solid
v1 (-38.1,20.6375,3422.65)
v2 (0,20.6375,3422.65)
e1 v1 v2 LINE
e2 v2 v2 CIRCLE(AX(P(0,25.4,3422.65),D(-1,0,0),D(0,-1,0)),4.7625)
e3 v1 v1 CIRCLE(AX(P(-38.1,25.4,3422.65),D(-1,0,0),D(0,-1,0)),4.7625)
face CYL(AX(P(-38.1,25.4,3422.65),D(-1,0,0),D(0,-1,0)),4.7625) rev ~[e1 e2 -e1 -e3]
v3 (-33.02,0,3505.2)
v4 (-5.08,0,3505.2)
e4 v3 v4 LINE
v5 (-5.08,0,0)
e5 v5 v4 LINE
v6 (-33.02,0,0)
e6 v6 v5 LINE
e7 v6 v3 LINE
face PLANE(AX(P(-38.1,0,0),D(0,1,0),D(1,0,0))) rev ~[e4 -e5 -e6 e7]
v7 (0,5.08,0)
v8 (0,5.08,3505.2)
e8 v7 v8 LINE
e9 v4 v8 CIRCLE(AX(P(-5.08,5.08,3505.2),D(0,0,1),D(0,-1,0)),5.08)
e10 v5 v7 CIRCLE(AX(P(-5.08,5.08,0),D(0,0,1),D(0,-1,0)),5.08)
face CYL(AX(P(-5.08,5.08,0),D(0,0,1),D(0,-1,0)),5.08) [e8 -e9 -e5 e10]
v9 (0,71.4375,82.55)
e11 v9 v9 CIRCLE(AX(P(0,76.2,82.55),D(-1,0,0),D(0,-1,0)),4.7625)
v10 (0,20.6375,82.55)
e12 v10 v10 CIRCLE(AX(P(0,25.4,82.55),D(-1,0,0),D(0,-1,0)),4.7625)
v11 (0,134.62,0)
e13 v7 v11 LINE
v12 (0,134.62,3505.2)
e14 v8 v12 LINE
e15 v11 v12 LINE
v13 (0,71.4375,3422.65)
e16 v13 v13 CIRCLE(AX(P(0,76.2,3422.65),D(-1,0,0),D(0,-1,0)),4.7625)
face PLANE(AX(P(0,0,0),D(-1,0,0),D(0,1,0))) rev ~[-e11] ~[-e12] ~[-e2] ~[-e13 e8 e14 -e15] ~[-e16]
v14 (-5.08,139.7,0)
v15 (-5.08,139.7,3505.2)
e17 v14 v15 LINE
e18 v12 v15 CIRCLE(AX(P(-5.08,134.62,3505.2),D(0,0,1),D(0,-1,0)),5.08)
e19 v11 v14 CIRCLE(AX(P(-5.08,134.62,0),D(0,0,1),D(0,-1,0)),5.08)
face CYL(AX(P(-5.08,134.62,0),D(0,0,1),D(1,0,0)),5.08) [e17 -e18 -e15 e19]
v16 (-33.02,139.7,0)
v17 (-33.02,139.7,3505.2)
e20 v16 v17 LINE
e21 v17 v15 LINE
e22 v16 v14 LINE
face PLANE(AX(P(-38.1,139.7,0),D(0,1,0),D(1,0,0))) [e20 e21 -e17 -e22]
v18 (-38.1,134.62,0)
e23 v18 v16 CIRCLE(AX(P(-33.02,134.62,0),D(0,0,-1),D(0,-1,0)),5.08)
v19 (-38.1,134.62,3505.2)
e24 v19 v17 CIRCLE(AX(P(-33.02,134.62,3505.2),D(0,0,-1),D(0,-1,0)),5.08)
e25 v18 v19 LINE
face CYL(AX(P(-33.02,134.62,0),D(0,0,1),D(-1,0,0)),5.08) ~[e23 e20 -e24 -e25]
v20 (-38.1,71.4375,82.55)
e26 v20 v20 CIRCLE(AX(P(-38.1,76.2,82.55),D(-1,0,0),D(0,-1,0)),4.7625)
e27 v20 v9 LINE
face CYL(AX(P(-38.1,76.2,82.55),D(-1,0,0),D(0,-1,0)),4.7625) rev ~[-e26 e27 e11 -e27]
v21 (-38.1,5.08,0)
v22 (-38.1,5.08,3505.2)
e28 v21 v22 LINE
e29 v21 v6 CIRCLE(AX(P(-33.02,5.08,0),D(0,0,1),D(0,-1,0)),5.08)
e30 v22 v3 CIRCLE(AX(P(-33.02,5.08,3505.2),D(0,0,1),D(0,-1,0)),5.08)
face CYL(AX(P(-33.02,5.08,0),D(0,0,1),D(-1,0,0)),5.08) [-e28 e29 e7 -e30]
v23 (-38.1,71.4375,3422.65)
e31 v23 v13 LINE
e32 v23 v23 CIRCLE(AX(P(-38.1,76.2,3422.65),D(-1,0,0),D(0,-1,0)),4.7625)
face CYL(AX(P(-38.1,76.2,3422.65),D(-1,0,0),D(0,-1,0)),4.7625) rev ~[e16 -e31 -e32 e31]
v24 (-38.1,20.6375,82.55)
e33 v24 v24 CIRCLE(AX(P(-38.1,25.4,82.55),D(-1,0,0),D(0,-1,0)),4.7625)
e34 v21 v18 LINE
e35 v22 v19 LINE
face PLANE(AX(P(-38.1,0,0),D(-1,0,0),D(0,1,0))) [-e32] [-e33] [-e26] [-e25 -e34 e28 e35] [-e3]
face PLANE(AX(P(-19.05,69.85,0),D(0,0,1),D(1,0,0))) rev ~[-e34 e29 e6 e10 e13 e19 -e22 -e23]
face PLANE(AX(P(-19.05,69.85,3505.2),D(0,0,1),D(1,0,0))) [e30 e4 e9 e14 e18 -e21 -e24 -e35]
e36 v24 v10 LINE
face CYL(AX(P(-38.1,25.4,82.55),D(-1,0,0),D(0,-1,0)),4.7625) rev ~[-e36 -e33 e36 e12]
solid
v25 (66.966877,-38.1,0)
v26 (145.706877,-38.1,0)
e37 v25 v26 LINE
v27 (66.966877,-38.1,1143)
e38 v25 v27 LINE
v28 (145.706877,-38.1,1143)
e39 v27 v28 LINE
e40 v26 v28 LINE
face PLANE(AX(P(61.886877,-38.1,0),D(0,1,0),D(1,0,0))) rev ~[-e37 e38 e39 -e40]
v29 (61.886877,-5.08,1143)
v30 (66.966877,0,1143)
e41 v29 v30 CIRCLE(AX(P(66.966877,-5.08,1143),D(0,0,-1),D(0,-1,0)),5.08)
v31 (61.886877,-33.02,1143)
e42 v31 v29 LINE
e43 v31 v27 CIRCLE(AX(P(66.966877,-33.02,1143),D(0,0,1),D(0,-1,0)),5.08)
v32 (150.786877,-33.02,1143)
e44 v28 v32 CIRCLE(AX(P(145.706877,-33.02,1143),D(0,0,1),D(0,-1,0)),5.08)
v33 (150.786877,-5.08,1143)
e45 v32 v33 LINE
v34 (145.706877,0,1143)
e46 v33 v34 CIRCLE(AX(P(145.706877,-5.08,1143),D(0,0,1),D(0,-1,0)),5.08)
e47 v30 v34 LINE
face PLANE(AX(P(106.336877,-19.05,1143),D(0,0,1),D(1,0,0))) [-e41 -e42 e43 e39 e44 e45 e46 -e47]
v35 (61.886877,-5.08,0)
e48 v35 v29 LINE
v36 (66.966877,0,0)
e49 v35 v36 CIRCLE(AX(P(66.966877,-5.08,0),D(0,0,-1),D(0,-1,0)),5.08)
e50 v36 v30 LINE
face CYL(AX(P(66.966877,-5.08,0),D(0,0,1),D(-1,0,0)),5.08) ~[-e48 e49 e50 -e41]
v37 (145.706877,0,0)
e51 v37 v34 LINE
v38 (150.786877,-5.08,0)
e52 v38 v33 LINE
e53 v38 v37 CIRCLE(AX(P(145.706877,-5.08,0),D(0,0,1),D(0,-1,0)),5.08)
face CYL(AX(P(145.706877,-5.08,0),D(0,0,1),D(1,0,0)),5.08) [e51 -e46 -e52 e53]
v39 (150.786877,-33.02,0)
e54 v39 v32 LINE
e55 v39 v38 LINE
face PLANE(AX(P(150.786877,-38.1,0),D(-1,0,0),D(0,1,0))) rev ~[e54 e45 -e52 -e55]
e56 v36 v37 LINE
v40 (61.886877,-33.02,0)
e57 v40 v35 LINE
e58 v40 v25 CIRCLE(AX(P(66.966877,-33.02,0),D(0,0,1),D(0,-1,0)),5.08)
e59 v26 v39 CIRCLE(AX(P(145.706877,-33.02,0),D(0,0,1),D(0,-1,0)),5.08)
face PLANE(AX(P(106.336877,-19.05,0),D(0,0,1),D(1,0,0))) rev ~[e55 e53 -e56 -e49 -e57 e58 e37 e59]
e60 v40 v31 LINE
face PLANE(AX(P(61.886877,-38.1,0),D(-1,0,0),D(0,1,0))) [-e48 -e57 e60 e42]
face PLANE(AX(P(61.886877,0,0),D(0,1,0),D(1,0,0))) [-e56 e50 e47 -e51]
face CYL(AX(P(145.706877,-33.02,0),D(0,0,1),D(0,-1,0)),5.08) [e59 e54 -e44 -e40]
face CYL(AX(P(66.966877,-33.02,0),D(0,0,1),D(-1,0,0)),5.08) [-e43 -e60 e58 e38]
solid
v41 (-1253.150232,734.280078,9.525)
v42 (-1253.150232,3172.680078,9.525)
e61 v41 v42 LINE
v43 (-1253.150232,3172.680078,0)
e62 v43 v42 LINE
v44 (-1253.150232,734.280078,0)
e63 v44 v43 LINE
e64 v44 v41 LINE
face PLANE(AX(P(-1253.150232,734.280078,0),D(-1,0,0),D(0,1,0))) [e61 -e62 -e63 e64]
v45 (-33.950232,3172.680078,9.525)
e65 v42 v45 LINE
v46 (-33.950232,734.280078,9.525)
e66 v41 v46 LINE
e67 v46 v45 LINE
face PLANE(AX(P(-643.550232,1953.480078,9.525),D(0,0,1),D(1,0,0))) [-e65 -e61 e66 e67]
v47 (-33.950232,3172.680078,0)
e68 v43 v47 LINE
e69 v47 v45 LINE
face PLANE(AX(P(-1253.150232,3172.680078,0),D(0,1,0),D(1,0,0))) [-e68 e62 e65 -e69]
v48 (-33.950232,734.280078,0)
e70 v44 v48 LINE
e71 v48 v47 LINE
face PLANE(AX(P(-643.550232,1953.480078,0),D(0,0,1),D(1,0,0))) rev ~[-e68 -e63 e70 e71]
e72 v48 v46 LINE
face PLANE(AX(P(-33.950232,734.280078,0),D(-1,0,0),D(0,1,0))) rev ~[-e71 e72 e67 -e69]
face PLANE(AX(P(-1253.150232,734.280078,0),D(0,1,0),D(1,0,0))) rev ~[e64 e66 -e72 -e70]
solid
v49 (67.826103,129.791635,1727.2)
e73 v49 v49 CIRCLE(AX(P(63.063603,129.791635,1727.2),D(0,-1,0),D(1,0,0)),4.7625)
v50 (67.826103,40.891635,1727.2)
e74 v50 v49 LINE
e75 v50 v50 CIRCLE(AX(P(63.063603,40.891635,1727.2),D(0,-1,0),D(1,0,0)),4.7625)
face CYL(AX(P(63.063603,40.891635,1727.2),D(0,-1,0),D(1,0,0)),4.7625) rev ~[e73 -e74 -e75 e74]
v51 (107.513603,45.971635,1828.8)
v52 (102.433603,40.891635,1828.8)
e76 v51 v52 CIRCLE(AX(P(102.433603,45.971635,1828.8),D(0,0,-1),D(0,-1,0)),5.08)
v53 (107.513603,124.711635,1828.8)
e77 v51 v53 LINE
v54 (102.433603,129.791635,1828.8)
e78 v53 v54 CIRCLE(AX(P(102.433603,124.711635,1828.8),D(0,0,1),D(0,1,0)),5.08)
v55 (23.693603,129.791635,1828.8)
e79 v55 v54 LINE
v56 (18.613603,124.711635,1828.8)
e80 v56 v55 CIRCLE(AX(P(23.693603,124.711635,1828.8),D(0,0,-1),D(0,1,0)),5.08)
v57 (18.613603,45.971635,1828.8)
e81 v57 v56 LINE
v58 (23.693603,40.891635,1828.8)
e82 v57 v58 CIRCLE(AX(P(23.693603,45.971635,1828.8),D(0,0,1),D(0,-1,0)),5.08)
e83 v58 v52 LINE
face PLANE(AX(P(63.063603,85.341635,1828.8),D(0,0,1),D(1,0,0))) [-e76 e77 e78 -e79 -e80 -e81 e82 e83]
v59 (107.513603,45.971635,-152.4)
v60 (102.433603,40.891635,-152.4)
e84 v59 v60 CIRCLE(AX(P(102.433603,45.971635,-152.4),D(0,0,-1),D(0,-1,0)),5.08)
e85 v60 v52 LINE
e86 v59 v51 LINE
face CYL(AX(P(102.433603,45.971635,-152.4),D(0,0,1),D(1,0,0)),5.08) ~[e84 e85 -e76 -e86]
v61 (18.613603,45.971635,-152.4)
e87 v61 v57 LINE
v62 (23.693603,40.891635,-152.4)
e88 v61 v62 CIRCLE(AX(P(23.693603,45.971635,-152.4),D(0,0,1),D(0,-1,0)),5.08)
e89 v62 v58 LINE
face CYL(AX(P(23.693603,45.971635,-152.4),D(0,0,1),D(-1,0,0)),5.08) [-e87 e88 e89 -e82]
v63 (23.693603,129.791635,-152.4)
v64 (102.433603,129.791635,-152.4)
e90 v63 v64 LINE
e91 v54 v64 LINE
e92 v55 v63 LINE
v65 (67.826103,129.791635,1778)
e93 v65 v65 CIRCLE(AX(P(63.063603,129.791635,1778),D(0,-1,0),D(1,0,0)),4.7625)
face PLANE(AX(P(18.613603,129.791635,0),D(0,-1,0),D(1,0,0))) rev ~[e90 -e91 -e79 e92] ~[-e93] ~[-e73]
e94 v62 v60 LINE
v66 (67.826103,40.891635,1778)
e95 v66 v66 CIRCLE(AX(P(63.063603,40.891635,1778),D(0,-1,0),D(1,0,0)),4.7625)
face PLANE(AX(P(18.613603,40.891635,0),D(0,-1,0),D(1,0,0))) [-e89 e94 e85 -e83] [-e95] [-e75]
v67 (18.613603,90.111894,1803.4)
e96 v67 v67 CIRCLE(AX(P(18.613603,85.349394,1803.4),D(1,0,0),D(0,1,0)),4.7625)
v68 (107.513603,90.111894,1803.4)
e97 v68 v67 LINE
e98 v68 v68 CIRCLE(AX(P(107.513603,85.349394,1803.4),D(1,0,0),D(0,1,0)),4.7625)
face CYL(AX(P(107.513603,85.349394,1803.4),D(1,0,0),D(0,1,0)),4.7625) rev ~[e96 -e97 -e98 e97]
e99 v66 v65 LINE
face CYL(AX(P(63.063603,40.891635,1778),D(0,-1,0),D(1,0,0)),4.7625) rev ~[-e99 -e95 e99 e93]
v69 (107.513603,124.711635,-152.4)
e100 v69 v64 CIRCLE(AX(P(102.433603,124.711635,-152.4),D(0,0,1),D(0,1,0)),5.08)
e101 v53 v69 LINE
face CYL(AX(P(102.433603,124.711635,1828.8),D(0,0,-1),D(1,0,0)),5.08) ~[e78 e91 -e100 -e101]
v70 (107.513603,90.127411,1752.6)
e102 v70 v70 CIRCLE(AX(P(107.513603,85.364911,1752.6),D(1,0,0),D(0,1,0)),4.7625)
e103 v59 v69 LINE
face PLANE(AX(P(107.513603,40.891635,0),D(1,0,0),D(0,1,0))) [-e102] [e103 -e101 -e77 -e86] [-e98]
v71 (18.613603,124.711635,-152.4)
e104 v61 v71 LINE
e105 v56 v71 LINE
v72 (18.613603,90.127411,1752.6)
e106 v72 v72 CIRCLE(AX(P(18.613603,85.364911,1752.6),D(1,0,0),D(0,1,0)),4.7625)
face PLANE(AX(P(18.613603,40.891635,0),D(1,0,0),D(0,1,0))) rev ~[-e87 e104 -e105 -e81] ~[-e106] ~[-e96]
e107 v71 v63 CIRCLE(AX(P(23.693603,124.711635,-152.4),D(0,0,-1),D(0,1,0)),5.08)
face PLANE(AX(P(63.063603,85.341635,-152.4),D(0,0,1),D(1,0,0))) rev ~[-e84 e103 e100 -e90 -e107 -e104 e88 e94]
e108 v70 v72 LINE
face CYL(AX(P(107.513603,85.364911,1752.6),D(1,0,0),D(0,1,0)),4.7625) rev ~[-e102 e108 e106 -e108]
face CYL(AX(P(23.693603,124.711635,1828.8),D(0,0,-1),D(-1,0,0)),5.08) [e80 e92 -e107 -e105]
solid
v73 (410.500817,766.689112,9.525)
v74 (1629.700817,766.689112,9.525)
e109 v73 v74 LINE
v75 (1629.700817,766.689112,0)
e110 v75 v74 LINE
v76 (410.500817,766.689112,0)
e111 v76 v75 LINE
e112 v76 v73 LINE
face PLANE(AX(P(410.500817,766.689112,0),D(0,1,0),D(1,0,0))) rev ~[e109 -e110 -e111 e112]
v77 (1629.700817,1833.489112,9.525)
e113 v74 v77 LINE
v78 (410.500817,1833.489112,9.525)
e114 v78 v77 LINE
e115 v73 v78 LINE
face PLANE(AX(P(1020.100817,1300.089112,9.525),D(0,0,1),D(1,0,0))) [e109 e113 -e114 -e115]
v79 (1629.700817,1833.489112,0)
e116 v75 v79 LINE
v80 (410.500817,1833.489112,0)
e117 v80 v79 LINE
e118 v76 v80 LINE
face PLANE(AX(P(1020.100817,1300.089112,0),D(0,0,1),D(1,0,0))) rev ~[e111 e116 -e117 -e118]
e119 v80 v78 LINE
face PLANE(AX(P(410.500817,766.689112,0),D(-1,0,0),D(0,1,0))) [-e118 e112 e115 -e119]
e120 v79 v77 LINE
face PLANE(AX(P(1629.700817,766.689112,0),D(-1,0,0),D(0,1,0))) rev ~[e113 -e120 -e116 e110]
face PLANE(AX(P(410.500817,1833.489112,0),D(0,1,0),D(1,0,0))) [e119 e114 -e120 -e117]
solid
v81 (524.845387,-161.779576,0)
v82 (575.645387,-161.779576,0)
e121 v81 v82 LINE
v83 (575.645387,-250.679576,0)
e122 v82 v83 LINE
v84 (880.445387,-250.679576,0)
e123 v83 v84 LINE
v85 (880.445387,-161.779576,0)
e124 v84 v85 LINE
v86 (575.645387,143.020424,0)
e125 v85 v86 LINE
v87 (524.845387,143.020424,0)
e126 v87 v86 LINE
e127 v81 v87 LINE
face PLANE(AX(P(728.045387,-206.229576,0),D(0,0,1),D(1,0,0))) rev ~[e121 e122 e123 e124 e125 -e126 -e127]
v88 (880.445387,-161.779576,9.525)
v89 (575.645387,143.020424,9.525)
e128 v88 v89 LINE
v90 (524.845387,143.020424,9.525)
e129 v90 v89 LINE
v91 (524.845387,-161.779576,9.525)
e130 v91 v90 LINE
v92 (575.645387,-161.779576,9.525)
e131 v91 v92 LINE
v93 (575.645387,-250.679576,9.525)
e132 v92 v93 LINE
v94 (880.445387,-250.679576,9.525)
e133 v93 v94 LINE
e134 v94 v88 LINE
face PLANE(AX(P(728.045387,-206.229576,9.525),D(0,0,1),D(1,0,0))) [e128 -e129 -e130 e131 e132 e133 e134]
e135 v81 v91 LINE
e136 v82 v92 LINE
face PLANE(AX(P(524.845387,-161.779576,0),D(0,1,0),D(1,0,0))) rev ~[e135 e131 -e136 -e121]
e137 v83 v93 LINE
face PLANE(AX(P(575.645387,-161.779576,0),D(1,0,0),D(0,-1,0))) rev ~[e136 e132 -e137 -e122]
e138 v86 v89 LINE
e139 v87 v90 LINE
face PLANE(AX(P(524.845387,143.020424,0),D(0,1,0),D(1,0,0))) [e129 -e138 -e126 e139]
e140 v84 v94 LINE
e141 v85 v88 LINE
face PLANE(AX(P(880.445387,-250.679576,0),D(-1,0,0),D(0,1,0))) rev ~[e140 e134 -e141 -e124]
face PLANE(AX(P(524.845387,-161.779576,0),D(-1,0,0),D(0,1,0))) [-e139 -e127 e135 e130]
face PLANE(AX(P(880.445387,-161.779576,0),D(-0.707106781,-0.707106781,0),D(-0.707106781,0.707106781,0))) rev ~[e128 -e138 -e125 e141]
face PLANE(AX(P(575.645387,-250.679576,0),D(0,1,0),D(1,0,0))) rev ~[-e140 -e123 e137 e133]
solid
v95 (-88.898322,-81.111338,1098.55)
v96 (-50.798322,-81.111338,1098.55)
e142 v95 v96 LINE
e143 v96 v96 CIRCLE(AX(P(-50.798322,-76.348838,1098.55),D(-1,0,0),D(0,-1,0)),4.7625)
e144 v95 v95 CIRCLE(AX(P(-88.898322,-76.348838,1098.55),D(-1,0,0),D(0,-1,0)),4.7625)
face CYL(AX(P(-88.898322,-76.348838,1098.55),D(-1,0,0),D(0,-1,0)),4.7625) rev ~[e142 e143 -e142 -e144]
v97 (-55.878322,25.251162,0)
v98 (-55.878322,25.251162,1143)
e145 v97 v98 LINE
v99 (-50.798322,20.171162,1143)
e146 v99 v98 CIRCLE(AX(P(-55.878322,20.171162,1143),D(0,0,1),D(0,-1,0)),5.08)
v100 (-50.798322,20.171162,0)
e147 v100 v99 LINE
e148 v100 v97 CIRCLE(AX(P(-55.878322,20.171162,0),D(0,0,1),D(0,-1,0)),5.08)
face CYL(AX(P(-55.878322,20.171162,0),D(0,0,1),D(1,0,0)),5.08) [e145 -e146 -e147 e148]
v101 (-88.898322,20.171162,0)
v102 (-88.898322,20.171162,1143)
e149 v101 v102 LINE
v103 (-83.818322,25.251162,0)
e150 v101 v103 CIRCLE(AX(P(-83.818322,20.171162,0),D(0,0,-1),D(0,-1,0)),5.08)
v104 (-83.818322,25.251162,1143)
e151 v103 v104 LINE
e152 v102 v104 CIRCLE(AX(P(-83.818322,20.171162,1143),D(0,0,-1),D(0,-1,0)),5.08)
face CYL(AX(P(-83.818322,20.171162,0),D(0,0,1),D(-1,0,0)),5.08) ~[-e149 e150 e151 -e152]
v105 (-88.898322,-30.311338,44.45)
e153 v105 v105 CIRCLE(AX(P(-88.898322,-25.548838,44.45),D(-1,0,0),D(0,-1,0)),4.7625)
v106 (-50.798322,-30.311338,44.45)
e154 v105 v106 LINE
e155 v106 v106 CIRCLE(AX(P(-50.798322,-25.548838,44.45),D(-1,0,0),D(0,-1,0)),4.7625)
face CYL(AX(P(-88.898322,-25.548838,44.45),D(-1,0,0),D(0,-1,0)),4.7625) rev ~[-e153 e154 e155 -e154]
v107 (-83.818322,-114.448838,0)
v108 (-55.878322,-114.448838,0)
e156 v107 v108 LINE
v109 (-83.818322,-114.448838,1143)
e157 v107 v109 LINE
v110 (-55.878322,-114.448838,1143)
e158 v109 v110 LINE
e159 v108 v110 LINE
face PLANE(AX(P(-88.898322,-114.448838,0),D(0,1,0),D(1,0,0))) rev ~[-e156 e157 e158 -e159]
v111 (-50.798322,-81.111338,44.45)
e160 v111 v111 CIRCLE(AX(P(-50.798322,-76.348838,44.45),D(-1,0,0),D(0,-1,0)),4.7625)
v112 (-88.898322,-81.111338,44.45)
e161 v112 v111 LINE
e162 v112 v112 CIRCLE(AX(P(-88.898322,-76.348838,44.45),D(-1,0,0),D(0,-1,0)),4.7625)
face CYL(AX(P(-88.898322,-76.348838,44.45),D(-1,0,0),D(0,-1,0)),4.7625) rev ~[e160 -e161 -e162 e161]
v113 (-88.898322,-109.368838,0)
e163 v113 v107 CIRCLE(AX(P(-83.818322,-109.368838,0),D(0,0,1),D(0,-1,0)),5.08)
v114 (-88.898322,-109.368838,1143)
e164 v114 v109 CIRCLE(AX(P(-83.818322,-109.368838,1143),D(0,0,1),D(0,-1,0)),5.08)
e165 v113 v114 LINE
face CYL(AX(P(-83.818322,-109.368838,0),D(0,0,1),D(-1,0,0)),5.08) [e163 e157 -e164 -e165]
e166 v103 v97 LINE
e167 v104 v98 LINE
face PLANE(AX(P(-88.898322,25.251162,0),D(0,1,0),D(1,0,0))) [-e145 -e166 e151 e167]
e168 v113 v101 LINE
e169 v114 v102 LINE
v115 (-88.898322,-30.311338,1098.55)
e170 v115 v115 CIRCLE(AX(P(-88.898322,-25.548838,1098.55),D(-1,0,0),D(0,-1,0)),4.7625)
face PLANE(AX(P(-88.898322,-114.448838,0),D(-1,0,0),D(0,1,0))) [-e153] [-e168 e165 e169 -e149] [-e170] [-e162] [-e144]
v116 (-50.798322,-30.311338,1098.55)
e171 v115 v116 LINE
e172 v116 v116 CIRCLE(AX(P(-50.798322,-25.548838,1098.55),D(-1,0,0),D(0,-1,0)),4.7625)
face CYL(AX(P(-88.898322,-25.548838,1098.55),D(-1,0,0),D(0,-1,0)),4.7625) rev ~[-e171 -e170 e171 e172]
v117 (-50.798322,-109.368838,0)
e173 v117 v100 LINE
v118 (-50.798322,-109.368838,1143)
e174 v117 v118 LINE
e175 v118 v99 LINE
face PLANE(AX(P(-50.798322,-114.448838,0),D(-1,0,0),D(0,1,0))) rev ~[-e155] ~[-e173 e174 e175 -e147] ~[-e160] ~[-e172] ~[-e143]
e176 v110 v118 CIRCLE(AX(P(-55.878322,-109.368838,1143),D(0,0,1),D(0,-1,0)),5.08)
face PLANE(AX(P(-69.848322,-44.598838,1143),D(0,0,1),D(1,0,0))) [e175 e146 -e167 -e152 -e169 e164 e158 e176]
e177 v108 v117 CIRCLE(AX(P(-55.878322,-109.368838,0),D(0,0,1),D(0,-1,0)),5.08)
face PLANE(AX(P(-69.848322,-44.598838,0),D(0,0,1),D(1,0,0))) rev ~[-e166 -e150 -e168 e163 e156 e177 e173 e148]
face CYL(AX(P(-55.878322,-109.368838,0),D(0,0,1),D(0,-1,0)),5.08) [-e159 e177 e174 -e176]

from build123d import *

# Parameters (mm, degrees)
F0_W          = 88.9
F0_H          = 38.1
F1_DEPTH      = 1143
F2_R          = 5.08
F3_W          = 88.9
F3_H          = 88.9
F4_DEPTH      = 1828.8
F4_DEPTH_BACK = 152.4
F5_R          = 5.08
F6_W          = 38.1
F6_H          = 139.7
F7_DEPTH      = 3505.2
F8_R          = 5.08
F9_W          = 38.1
F9_H          = 139.7
F10_DEPTH     = 1143
F11_R         = 5.08
F12_W         = 1219.2
F12_H         = 2438.4
F13_DEPTH     = 9.525
F14_W         = 1219.2
F14_H         = 1066.8
F15_DEPTH     = 9.525
F16_R         = 4.7625
F17_DEPTH     = 88.9
F18_R         = 4.7625
F19_DEPTH     = 88.9
F20_R         = 4.7625
F21_DEPTH     = 38.1
F22_R         = 4.7625
F23_DEPTH     = 38.1
F24_W         = 304.8
F24_H         = 88.9
F24_W_2       = 50.8
F24_H_2       = 304.8
F25_DEPTH     = 9.525


with BuildPart() as f1:
    # F0 (on Top) → F1 (new body)
    with BuildSketch(Plane.XY):
        with Locations((106.336877, -19.05)):
            Rectangle(F0_W, F0_H)
    extrude(amount=F1_DEPTH)

    # F2
    f2_edges = [f1.edges().sort_by_distance(p)[0] for p in [
        (150.786877, -38.1, 571.5),
        (61.886877, -38.1, 571.5),
        (150.786877, 0, 571.5),
        (61.886877, 0, 571.5),
    ]]
    fillet(f2_edges, radius=F2_R)


with BuildPart() as f4:
    # F3 (on Top) → F4 (new body, two sides)
    with BuildSketch(Plane.XY) as f4_sk:
        with Locations((63.063603, 85.341635)):
            Rectangle(F3_W, F3_H)
    extrude(amount=F4_DEPTH)
    extrude(f4_sk.sketch, amount=-F4_DEPTH_BACK)

    # F5
    f5_edges = [f4.edges().sort_by_distance(p)[0] for p in [
        (107.513603, 129.791635, 838.2),
        (18.613603, 129.791635, 838.2),
        (107.513603, 40.891635, 838.2),
        (18.613603, 40.891635, 838.2),
    ]]
    fillet(f5_edges, radius=F5_R)

    # F16 (on face) → F17 (cut, through all)
    with BuildSketch(Plane.YZ.offset(107.513603)):
        with Locations((85.349394, 1803.4)):
            Circle(F16_R)
        with Locations((85.364911, 1752.6)):
            Circle(F16_R)
    extrude(amount=-F17_DEPTH, mode=Mode.SUBTRACT)

    # F18 (on face) → F19 (cut, through all)
    with BuildSketch(Plane.XZ.offset(-40.891635)):
        with Locations((63.063603, 1778)):
            Circle(F18_R)
        with Locations((63.063603, 1727.2)):
            Circle(F18_R)
    extrude(amount=-F19_DEPTH, mode=Mode.SUBTRACT)


with BuildPart() as f7:
    # F6 (on Top) → F7 (new body)
    with BuildSketch(Plane.XY):
        with Locations((-19.05, 69.85)):
            Rectangle(F6_W, F6_H)
    extrude(amount=F7_DEPTH)

    # F8
    f8_edges = [f7.edges().sort_by_distance(p)[0] for p in [
        (-38.1, 0, 1752.6),
        (0, 0, 1752.6),
        (0, 139.7, 1752.6),
        (-38.1, 139.7, 1752.6),
    ]]
    fillet(f8_edges, radius=F8_R)

    # F22 (on face) → F23 (cut, through all)
    with BuildSketch(Plane(origin=(-38.1, 0, 0), x_dir=(0, -1, 0), z_dir=(-1, 0, 0))):
        with Locations((-76.2, 82.55)):
            Circle(F22_R)
        with Locations((-25.4, 82.55)):
            Circle(F22_R)
        with Locations((-25.4, 3422.65)):
            Circle(F22_R)
        with Locations((-76.2, 3422.65)):
            Circle(F22_R)
    extrude(amount=-F23_DEPTH, mode=Mode.SUBTRACT)


with BuildPart() as f10:
    # F9 (on Top) → F10 (new body)
    with BuildSketch(Plane.XY):
        with Locations((-69.848322, -44.598838)):
            Rectangle(F9_W, F9_H)
    extrude(amount=F10_DEPTH)

    # F11
    f11_edges = [f10.edges().sort_by_distance(p)[0] for p in [
        (-88.898322, -114.448838, 571.5),
        (-50.798322, -114.448838, 571.5),
        (-88.898322, 25.251162, 571.5),
        (-50.798322, 25.251162, 571.5),
    ]]
    fillet(f11_edges, radius=F11_R)

    # F20 (on face) → F21 (cut, through all)
    with BuildSketch(Plane(origin=(-88.898322, 0, 0), x_dir=(0, -1, 0), z_dir=(-1, 0, 0))):
        with Locations((25.548838, 1098.55)):
            Circle(F20_R)
        with Locations((76.348838, 1098.55)):
            Circle(F20_R)
        with Locations((25.548838, 44.45)):
            Circle(F20_R)
        with Locations((76.348838, 44.45)):
            Circle(F20_R)
    extrude(amount=-F21_DEPTH, mode=Mode.SUBTRACT)


with BuildPart() as f13:
    # F12 (on Top) → F13 (new body)
    with BuildSketch(Plane.XY):
        with Locations((-643.550232, 1953.480078)):
            Rectangle(F12_W, F12_H)
    extrude(amount=F13_DEPTH)


with BuildPart() as f15:
    # F14 (on Top) → F15 (new body)
    with BuildSketch(Plane.XY):
        with Locations((1020.100817, 1300.089112)):
            Rectangle(F14_W, F14_H)
    extrude(amount=F15_DEPTH)


with BuildPart() as f25:
    # F24 (on Top) → F25 (new body)
    with BuildSketch(Plane.XY):
        with Locations((728.045387, -206.229576)):
            Rectangle(F24_W, F24_H)
        Polygon((880.445387, -161.779576), (575.645387, 143.020424), (575.645387, -161.779576), align=None)
        with Locations((550.245387, -9.379576)):
            Rectangle(F24_W_2, F24_H_2)
    extrude(amount=F25_DEPTH)


solid = Compound([f1.part, f4.part, f7.part, f10.part, f13.part, f15.part, f25.part])
